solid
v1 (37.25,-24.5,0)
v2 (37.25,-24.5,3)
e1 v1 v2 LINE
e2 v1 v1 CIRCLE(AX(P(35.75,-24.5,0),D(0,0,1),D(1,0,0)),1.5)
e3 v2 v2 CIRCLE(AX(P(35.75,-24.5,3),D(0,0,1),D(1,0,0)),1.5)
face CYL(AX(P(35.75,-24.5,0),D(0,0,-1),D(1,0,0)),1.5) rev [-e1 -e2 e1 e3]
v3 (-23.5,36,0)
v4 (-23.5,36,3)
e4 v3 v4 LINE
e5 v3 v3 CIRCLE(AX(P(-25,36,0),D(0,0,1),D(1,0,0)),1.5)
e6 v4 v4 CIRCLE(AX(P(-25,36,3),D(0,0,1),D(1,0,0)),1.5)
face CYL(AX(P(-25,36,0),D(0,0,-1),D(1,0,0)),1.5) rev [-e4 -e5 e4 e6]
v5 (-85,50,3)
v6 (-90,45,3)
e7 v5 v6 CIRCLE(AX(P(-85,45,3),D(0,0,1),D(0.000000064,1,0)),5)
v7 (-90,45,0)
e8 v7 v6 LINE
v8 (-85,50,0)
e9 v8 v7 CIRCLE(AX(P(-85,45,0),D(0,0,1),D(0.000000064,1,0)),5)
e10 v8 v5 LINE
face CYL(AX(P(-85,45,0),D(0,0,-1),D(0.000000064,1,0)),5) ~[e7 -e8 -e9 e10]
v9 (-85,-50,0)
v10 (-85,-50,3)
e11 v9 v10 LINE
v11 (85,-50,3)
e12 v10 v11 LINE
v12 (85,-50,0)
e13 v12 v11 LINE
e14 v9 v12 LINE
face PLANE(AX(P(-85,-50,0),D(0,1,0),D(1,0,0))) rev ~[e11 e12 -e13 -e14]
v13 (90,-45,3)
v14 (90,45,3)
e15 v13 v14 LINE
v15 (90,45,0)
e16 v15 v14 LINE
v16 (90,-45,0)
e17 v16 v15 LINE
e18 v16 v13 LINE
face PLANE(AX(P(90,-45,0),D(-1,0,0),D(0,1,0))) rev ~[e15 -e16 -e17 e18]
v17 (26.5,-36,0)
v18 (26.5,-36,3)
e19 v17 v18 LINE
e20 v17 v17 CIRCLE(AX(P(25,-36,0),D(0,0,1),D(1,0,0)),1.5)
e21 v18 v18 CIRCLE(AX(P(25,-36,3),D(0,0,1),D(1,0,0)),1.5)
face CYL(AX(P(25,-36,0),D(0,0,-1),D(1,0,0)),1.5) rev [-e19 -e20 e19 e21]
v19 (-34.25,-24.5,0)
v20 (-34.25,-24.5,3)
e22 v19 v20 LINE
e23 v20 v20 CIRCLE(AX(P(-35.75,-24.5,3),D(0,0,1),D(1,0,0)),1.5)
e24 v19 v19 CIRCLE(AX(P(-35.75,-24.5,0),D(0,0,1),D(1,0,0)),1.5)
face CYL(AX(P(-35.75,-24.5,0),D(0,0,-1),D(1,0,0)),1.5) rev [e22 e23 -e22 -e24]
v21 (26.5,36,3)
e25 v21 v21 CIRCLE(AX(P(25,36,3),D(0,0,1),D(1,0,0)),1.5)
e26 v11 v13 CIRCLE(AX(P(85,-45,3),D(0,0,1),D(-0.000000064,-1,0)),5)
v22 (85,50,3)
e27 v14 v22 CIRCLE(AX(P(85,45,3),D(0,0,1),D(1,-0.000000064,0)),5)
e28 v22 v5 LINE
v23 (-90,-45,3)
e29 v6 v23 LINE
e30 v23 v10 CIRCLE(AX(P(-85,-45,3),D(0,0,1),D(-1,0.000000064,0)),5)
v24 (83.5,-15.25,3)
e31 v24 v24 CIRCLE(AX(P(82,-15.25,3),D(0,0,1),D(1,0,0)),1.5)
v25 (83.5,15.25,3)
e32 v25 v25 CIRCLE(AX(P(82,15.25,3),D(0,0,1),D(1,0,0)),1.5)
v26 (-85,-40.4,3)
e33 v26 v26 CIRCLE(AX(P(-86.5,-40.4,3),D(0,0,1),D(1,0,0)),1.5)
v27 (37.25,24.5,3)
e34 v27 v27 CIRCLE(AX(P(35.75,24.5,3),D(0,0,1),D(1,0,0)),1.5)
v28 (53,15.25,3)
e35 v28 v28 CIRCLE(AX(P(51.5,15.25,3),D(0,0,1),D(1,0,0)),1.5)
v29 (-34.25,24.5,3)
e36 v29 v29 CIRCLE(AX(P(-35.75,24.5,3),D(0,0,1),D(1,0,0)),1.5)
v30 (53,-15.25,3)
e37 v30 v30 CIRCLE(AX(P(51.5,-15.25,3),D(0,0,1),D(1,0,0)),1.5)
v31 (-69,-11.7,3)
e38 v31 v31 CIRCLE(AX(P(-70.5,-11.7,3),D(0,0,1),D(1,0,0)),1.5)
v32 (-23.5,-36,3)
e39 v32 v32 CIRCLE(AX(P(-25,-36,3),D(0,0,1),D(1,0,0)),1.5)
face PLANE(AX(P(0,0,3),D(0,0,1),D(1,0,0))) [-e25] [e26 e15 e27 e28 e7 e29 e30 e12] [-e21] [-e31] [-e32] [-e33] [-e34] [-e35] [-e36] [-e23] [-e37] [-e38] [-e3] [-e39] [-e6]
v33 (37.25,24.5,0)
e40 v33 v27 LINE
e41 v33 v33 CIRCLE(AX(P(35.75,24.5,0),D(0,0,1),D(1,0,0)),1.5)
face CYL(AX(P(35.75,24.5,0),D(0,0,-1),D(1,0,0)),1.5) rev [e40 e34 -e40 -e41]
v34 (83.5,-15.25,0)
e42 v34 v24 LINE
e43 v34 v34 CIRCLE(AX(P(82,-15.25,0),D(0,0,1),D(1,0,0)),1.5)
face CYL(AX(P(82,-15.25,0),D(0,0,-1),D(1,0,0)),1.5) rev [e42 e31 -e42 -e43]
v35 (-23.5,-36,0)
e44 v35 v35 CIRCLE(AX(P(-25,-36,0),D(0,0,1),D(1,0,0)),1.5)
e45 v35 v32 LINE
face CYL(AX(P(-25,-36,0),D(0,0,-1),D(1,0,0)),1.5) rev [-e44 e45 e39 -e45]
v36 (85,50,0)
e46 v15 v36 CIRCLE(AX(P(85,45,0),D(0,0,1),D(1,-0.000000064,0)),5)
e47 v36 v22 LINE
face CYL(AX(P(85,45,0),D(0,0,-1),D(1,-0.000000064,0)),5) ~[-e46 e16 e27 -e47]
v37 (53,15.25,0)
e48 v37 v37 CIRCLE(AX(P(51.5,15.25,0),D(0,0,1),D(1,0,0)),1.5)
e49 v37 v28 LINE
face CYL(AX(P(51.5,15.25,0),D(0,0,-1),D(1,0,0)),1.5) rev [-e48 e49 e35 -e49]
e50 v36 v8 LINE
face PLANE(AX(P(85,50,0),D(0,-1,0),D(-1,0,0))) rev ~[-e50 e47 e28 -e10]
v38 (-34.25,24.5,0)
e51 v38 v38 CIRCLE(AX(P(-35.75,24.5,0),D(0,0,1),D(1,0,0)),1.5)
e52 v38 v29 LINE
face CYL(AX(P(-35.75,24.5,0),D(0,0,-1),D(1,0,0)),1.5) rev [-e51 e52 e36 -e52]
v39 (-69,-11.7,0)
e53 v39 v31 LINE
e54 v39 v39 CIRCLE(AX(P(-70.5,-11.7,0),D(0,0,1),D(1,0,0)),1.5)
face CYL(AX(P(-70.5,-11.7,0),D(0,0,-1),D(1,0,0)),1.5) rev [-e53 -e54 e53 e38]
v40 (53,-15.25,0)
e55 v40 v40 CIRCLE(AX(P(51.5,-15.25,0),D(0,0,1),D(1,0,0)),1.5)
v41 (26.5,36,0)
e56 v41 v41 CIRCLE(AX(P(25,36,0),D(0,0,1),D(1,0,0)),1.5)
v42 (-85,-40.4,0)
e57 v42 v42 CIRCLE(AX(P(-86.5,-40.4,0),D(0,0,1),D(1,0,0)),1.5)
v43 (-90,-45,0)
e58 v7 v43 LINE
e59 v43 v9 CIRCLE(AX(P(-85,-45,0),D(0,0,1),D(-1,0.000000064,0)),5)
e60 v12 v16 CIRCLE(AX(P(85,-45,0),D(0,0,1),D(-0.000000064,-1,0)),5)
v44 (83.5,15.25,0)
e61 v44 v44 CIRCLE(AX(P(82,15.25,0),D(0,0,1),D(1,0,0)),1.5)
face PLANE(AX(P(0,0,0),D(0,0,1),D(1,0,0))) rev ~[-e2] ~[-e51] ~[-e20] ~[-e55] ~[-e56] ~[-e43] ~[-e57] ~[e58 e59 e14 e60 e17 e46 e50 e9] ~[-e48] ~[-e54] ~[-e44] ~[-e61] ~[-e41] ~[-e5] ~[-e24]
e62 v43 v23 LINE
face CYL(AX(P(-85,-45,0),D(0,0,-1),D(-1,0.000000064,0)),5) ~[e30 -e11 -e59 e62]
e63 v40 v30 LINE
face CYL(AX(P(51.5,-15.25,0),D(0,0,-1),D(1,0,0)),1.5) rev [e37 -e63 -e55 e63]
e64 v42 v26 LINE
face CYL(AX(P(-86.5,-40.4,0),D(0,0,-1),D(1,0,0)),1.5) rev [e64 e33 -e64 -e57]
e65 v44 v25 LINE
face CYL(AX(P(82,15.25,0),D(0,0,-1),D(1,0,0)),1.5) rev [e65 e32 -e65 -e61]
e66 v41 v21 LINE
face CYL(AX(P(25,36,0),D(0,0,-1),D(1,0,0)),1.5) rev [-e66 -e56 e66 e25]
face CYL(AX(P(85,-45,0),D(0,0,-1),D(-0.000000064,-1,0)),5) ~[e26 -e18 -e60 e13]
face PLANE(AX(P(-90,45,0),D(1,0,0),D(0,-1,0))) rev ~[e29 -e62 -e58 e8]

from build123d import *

# Parameters (mm, degrees)
F0_R     = 1.5
F1_DEPTH = 3


with BuildPart() as f1:
    # F0 (on Top) → F1 (new body)
    with BuildSketch(Plane.XY):
        with BuildLine():
            Line((-85, -50), (85, -50))
            ThreePointArc((85, -50), (88.535534, -48.535534), (90, -45))
            Line((90, -45), (90, 45))
            ThreePointArc((90, 45), (88.535534, 48.535534), (85, 50))
            Line((85, 50), (-85, 50))
            ThreePointArc((-85, 50), (-88.535534, 48.535534), (-90, 45))
            Line((-90, 45), (-90, -45))
            ThreePointArc((-90, -45), (-88.535534, -48.535534), (-85, -50))
        make_face()
        with Locations((-86.5, -40.4)):
            Circle(F0_R, mode=Mode.SUBTRACT)
        with Locations((-25, -36)):
            Circle(F0_R, mode=Mode.SUBTRACT)
        with Locations((-70.5, -11.7)):
            Circle(F0_R, mode=Mode.SUBTRACT)
        with Locations((-35.75, -24.5)):
            Circle(F0_R, mode=Mode.SUBTRACT)
        with Locations((25, -36)):
            Circle(F0_R, mode=Mode.SUBTRACT)
        with Locations((35.75, -24.5)):
            Circle(F0_R, mode=Mode.SUBTRACT)
        with Locations((51.5, -15.25)):
            Circle(F0_R, mode=Mode.SUBTRACT)
        with Locations((82, -15.25)):
            Circle(F0_R, mode=Mode.SUBTRACT)
        with Locations((-35.75, 24.5)):
            Circle(F0_R, mode=Mode.SUBTRACT)
        with Locations((-25, 36)):
            Circle(F0_R, mode=Mode.SUBTRACT)
        with Locations((35.75, 24.5)):
            Circle(F0_R, mode=Mode.SUBTRACT)
        with Locations((51.5, 15.25)):
            Circle(F0_R, mode=Mode.SUBTRACT)
        with Locations((82, 15.25)):
            Circle(F0_R, mode=Mode.SUBTRACT)
        with Locations((25, 36)):
            Circle(F0_R, mode=Mode.SUBTRACT)
    extrude(amount=F1_DEPTH)


solid = f1.part
